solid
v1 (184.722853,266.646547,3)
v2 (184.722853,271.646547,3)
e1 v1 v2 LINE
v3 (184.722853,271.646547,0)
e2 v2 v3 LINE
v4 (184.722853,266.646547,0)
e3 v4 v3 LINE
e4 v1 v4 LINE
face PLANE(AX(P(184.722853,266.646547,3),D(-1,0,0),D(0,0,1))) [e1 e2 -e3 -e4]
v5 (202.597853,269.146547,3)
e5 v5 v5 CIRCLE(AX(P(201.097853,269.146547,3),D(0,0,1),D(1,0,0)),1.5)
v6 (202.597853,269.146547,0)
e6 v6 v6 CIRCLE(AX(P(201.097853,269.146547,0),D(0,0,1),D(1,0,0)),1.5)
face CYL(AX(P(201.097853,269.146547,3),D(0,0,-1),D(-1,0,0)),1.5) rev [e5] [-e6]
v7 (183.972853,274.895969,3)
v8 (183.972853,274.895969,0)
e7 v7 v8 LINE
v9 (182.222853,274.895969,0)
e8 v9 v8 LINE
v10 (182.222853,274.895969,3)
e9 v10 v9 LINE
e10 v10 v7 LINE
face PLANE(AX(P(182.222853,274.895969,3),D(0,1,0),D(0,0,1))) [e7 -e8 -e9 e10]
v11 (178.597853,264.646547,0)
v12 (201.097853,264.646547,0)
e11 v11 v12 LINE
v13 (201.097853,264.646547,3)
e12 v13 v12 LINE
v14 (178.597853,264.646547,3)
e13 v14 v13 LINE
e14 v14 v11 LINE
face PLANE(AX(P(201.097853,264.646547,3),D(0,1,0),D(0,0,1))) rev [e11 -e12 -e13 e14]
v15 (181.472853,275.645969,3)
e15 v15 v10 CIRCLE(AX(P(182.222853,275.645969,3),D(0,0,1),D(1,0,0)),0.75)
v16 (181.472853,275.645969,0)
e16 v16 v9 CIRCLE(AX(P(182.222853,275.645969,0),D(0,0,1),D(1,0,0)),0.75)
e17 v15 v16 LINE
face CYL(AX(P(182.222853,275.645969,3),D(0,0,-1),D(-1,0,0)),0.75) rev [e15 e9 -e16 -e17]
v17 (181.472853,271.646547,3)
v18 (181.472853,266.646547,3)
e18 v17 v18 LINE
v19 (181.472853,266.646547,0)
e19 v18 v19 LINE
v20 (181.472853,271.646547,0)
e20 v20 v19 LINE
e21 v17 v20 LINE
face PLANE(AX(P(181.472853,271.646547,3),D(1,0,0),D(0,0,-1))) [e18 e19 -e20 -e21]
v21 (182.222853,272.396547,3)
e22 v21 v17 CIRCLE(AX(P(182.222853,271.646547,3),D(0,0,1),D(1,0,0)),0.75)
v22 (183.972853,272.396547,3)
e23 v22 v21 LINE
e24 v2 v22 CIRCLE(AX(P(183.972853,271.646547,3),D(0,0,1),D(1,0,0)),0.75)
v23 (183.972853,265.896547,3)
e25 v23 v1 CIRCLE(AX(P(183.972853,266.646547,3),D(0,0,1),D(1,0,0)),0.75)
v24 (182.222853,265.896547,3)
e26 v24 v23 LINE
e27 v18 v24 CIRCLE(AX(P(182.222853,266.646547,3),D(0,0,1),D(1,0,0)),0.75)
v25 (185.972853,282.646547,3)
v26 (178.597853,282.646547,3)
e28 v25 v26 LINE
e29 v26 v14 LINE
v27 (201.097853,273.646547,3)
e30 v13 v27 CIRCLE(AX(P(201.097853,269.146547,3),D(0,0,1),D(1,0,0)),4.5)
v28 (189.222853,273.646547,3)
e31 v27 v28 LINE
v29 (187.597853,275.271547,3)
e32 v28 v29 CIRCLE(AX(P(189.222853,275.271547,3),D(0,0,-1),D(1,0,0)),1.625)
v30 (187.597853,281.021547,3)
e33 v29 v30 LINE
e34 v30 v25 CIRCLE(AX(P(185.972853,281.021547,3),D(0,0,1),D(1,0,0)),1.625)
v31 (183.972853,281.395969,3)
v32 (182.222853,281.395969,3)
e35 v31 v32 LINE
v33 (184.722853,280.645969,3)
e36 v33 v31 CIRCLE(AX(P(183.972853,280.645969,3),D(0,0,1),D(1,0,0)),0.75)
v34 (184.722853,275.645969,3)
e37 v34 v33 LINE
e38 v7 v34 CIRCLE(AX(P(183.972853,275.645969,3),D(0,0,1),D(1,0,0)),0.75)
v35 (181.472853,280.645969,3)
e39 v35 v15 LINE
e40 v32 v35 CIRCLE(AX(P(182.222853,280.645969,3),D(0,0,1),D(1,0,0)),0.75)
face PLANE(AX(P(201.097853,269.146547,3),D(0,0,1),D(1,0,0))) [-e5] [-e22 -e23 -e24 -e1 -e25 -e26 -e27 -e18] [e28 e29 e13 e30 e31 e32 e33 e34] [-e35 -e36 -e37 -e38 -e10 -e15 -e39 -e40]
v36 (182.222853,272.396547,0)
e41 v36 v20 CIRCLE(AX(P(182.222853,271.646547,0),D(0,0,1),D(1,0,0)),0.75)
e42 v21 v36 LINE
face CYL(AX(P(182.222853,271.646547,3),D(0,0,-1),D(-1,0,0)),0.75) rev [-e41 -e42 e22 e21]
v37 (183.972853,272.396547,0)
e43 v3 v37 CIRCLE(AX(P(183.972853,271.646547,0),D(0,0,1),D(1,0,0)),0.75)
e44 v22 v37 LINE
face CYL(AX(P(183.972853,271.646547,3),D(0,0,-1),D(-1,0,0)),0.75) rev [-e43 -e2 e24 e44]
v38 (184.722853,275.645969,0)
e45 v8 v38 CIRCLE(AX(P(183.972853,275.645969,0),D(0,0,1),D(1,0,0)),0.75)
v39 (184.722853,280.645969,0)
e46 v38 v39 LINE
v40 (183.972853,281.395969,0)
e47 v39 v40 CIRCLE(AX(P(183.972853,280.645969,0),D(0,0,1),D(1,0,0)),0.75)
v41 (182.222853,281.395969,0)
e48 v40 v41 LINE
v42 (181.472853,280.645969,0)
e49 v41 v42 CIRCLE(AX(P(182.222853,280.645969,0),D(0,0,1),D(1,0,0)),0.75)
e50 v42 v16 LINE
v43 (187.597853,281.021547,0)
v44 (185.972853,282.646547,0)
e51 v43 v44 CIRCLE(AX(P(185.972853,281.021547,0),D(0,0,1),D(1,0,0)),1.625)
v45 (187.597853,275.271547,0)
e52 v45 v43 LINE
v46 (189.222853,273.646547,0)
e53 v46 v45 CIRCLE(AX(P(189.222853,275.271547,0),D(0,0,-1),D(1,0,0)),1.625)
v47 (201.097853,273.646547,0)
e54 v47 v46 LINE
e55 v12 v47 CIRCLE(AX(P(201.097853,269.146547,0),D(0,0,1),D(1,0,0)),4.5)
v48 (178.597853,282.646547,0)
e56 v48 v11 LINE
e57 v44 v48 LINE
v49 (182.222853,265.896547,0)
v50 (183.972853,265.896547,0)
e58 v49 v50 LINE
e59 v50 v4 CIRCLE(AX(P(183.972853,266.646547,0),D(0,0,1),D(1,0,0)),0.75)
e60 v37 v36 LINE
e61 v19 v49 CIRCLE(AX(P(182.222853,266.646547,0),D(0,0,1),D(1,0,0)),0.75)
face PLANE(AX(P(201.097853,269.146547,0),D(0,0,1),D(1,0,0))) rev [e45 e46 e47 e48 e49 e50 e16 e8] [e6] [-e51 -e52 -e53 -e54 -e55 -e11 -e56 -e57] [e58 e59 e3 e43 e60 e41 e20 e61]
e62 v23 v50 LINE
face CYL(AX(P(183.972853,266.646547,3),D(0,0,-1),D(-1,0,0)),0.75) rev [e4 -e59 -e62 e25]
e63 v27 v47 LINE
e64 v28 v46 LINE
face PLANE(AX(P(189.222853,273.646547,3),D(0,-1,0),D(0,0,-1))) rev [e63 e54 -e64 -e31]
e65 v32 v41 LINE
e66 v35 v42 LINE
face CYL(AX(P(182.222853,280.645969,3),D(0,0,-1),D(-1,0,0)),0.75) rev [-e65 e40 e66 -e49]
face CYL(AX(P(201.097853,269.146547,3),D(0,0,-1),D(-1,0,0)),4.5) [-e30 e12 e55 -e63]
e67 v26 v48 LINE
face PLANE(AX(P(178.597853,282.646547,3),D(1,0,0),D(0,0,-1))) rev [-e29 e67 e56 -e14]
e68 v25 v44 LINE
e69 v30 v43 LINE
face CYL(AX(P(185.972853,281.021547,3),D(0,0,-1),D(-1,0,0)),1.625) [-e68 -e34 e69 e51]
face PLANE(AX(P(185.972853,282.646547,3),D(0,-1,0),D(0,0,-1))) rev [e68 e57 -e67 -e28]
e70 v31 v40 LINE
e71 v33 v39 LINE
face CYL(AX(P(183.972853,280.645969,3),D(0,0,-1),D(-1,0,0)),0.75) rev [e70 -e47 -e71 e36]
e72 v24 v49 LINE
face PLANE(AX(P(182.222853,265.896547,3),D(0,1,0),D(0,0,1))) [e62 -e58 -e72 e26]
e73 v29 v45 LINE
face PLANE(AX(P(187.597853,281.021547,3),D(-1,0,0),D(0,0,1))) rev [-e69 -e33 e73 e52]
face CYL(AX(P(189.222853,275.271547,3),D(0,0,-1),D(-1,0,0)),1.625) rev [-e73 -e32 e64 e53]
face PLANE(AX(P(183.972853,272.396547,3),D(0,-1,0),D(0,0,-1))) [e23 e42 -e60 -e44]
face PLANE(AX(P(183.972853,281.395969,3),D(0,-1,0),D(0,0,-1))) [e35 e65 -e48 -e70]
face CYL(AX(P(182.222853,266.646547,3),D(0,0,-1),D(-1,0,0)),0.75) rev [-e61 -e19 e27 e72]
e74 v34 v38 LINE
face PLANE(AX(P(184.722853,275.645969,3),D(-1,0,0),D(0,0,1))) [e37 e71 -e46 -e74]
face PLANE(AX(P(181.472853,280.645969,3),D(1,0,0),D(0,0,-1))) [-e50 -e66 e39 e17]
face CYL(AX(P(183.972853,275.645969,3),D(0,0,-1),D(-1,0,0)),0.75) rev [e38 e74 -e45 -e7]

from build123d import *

# Parameters (mm, degrees)
MODEL_R                 = 1.5
SALIENTE_EXTRUIR1_DEPTH = 3


with BuildPart() as part:
    # Model → Saliente-Extruir1 (new body)
    with BuildSketch(Plane.XY):
        with BuildLine():
            Line((185.972853309, 282.646547335), (178.597853309, 282.646547335))
            Line((178.597853309, 282.646547335), (178.597853309, 264.646547335))
            Line((178.597853309, 264.646547335), (201.097853309, 264.646547335))
            ThreePointArc((201.097853309, 264.646547335), (205.597853309, 269.146547335), (201.097853309, 273.646547335))
            Line((201.097853309, 273.646547335), (189.222853309, 273.646547335))
            ThreePointArc((189.222853309, 273.646547335), (188.07380479, 274.122498816), (187.597853309, 275.271547335))
            Line((187.597853309, 275.271547335), (187.597853309, 281.021547335))
            ThreePointArc((187.597853309, 281.021547335), (187.121901829, 282.170595855), (185.972853309, 282.646547335))
        make_face()
        with Locations((201.097853309, 269.146547335)):
            Circle(MODEL_R, mode=Mode.SUBTRACT)
        with BuildLine():
            Line((182.222853309, 265.896547335), (183.972853309, 265.896547335))
            ThreePointArc((183.972853309, 265.896547335), (184.503183395, 266.116217249), (184.722853309, 266.646547335))
            Line((184.722853309, 266.646547335), (184.722853309, 271.646547335))
            ThreePointArc((184.722853309, 271.646547335), (184.503183395, 272.176877421), (183.972853309, 272.396547335))
            Line((183.972853309, 272.396547335), (182.222853309, 272.396547335))
            ThreePointArc((182.222853309, 272.396547335), (181.692523223, 272.176877421), (181.472853309, 271.646547335))
            Line((181.472853309, 271.646547335), (181.472853309, 266.646547335))
            ThreePointArc((181.472853309, 266.646547335), (181.692523223, 266.116217249), (182.222853309, 265.896547335))
        make_face(mode=Mode.SUBTRACT)
        with BuildLine():
            Line((182.222853309, 274.895968764), (183.972853309, 274.895968764))
            ThreePointArc((183.972853309, 274.895968764), (184.503183395, 275.115638678), (184.722853309, 275.645968764))
            Line((184.722853309, 275.645968764), (184.722853309, 280.645968764))
            ThreePointArc((184.722853309, 280.645968764), (184.503183395, 281.17629885), (183.972853309, 281.395968764))
            Line((183.972853309, 281.395968764), (182.222853309, 281.395968764))
            ThreePointArc((182.222853309, 281.395968764), (181.692523223, 281.17629885), (181.472853309, 280.645968764))
            Line((181.472853309, 280.645968764), (181.472853309, 275.645968764))
            ThreePointArc((181.472853309, 275.645968764), (181.692523223, 275.115638678), (182.222853309, 274.895968764))
        make_face(mode=Mode.SUBTRACT)
    extrude(amount=SALIENTE_EXTRUIR1_DEPTH)


solid = part.part
